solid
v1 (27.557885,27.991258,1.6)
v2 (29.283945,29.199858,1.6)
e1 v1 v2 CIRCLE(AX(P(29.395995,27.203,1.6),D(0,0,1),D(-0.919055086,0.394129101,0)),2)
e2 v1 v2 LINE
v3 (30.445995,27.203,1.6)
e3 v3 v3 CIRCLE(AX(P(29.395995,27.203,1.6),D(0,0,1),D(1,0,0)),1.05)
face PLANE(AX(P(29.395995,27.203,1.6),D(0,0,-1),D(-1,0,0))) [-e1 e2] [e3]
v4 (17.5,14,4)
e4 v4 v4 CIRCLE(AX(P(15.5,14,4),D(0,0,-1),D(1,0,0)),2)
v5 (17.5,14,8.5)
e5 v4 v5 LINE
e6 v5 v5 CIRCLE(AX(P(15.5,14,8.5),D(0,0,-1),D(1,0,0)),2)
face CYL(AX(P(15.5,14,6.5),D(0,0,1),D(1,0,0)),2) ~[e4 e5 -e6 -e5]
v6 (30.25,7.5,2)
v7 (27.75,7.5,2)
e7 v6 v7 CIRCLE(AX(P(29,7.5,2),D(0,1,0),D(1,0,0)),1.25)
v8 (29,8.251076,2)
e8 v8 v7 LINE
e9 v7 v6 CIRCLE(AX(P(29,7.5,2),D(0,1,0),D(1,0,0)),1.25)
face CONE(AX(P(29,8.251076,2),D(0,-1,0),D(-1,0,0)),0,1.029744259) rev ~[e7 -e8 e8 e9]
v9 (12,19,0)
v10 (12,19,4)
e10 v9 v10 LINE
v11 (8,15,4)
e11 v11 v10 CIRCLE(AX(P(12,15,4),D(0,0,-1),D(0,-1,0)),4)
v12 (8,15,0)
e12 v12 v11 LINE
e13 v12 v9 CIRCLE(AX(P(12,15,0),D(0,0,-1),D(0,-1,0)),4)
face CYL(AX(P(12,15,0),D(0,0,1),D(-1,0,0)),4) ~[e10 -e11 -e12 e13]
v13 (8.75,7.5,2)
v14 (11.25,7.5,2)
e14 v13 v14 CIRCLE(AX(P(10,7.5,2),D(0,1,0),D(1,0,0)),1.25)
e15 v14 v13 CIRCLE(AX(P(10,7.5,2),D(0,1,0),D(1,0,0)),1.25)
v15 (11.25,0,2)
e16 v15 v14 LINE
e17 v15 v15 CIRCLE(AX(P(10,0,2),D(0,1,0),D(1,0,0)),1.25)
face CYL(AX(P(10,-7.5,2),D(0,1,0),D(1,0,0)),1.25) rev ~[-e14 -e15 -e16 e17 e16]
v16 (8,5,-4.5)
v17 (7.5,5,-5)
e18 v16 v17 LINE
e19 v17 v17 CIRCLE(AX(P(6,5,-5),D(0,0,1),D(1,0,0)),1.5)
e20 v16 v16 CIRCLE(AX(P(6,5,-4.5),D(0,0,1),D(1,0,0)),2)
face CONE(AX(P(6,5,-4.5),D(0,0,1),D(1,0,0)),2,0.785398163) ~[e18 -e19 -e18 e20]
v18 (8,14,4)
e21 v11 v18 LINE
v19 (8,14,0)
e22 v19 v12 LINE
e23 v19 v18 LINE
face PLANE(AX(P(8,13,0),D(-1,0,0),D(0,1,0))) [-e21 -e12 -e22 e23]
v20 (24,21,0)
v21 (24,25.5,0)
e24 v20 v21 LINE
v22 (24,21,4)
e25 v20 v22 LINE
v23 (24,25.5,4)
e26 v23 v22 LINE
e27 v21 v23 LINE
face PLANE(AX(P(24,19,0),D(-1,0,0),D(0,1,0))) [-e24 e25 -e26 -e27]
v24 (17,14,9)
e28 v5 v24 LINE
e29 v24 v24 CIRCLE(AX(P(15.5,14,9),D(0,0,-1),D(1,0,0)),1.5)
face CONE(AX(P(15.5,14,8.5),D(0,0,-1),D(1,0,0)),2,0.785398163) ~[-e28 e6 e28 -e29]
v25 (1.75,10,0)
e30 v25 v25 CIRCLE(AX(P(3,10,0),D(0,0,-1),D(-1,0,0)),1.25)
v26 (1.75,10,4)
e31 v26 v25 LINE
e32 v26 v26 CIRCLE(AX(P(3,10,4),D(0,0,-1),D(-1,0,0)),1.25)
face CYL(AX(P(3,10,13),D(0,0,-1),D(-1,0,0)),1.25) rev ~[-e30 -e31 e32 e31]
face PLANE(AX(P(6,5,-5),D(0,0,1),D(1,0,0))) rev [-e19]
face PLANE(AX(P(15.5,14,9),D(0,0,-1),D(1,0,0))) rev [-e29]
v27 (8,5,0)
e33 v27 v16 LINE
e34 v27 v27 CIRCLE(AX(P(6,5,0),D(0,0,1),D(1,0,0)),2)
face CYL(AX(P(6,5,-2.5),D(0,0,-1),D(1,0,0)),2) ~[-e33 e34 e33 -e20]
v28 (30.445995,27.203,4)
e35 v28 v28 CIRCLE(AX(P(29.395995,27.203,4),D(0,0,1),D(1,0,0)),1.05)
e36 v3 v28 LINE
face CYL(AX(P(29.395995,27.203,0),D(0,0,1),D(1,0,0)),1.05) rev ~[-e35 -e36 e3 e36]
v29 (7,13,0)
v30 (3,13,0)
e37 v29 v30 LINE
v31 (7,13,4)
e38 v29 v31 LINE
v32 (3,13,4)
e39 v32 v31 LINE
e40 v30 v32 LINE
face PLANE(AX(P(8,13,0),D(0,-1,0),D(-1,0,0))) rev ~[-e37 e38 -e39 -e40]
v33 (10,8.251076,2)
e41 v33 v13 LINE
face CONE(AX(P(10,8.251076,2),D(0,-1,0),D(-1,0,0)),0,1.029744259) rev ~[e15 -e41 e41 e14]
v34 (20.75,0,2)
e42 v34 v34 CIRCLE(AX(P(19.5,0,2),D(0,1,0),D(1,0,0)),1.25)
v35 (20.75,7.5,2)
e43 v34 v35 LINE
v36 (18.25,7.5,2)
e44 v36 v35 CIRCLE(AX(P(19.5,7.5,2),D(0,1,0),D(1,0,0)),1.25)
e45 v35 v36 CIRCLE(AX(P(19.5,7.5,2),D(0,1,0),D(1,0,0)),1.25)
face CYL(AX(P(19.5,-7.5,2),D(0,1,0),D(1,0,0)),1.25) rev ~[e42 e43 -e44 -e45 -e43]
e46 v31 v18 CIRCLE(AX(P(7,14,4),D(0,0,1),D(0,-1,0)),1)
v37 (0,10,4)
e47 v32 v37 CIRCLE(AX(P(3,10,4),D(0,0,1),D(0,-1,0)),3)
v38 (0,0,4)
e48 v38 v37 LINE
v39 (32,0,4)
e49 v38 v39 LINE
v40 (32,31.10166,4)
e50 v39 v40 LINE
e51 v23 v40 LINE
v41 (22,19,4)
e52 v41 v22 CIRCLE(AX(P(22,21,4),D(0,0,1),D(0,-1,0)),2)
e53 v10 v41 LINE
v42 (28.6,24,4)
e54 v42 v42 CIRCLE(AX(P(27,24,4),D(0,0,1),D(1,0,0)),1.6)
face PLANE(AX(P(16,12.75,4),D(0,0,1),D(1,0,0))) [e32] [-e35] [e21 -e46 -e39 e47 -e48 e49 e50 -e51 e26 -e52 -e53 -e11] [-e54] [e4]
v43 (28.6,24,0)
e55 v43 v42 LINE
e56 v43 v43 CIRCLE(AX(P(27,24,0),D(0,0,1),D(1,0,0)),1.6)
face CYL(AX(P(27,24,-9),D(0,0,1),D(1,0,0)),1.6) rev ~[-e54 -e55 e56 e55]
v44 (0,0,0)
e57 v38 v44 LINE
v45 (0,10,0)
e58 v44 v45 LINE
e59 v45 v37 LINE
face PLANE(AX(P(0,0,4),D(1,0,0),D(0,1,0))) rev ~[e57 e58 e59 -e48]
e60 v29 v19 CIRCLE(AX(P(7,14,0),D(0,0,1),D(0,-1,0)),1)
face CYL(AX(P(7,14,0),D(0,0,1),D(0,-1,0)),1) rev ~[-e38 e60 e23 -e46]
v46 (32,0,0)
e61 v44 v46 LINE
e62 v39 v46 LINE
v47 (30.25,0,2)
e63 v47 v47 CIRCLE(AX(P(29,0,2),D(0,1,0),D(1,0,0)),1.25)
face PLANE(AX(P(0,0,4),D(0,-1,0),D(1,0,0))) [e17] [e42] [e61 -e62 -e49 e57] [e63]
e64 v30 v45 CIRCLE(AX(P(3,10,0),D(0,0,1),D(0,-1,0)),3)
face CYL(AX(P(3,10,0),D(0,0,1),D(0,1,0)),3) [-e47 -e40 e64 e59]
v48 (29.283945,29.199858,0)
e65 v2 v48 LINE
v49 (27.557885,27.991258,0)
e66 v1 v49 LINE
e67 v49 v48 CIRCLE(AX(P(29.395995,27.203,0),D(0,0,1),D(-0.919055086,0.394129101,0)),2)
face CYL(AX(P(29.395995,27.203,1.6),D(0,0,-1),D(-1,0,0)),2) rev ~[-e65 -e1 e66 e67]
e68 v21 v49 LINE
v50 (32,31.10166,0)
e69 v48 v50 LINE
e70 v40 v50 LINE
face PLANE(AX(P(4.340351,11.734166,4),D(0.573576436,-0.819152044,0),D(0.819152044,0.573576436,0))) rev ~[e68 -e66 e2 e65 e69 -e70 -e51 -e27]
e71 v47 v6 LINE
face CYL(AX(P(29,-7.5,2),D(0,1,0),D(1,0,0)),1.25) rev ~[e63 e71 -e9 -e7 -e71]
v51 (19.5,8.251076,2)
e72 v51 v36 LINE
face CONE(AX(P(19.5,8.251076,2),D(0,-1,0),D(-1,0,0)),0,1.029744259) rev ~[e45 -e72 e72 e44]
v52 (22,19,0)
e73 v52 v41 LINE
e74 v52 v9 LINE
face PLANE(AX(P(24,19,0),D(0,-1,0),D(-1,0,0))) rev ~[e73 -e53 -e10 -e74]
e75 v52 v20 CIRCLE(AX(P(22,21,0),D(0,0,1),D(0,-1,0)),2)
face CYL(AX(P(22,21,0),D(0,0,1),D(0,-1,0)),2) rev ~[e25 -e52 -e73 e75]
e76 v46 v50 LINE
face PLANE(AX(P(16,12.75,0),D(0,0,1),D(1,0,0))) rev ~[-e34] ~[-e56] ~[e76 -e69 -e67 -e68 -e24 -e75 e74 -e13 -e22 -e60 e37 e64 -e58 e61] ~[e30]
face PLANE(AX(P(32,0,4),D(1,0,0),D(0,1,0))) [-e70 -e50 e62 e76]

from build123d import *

# Parameters (mm, degrees)
SKETCH1_W                       = 32
SKETCH1_H                       = 25.5
BOSS_EXTRUDE1_DEPTH             = 4
SKETCH2_W                       = 8
SKETCH2_H                       = 12.5
CUT_EXTRUDE1_DEPTH              = 5
SKETCH3_W                       = 16
SKETCH3_H                       = 6.5
CUT_EXTRUDE2_DEPTH              = 5
DRAFT1_ANGLE                    = 35.000000002
SKETCH4_W                       = 2
SKETCH4_H                       = 5
SKETCH5_W                       = 2
SKETCH5_H                       = 5
F_2_5_2_5_DIAMETER_HOLE1_D      = 2.5
F_2_5_2_5_DIAMETER_HOLE1_DEPTH  = 9
F_3_2_3_2_DIAMETER_HOLE1_D      = 3.2
F_3_2_3_2_DIAMETER_HOLE1_DEPTH  = 9
M4X0_7_TAPPED_HOLE1_D           = 2.1
M4X0_7_TAPPED_HOLE1_DEPTH       = 9
M4X0_7_TAPPED_HOLE1_CBORE_D     = 4
M4X0_7_TAPPED_HOLE1_CBORE_DEPTH = 1.6
F_2_5_2_5_DIAMETER_HOLE2_D      = 2.5
F_2_5_2_5_DIAMETER_HOLE2_DEPTH  = 7.5
F_2_5_2_5_DIAMETER_HOLE2_TIP    = 0.751075774
CHAMFER1_SIZE                   = 0.5
FILLET1_R                       = 1
FILLET2_R                       = 2
FILLET3_R                       = 3
FILLET4_R                       = 4


with BuildPart() as part:
    # Sketch1 → Boss-Extrude1 (new body)
    with BuildSketch(Plane.XY.offset(4)):
        with Locations((16, 12.75)):
            Rectangle(SKETCH1_W, SKETCH1_H)
    extrude(amount=-BOSS_EXTRUDE1_DEPTH)

    # Sketch2 → Cut-Extrude1 (cut, through all)
    with BuildSketch(Plane(origin=(0, 0, 0), x_dir=(-1, 0, 0), z_dir=(0, 0, -1))):
        with Locations((-4, 19.25)):
            Rectangle(SKETCH2_W, SKETCH2_H)
    extrude(amount=-CUT_EXTRUDE1_DEPTH, mode=Mode.SUBTRACT)

    # Sketch3 → Cut-Extrude2 (cut, through all)
    with BuildSketch(Plane(origin=(0, 0, 0), x_dir=(-1, 0, 0), z_dir=(0, 0, -1))):
        with Locations((-16, 22.25)):
            Rectangle(SKETCH3_W, SKETCH3_H)
    extrude(amount=-CUT_EXTRUDE2_DEPTH, mode=Mode.SUBTRACT)

    # Draft1
    draft1_faces = [part.faces().sort_by_distance(p)[0] for p in [
        (28, 25.5, 2),
    ]]
    draft(draft1_faces, Plane(origin=(24, 25.5, 4), x_dir=(0, 0, -1), z_dir=(-1, 0, 0)), DRAFT1_ANGLE)

    # Sketch4 → Revolve1 (revolve)
    with BuildSketch(Plane(origin=(0, 5, 0), x_dir=(1, 0, 0), z_dir=(0, 1, 0))):
        with Locations((7, 2.5)):
            Rectangle(SKETCH4_W, SKETCH4_H)
    revolve(axis=Axis((6, 5, -5), (0, 0, 1)))

    # Sketch5 → Revolve2 (revolve)
    with BuildSketch(Plane.XZ.offset(-14)):
        with Locations((16.5, 6.5)):
            Rectangle(SKETCH5_W, SKETCH5_H)
    revolve(axis=Axis((15.5, 14, 9), (0, 0, -1)))

    # Ø2.5 (2.5) Diameter Hole1
    with Locations(Plane.XY.offset(4)):
        with Locations((3, 10)):
            Hole(F_2_5_2_5_DIAMETER_HOLE1_D / 2, depth=F_2_5_2_5_DIAMETER_HOLE1_DEPTH)

    # Ø3.2 (3.2) Diameter Hole1
    with Locations(Plane(origin=(0, 0, 0), x_dir=(-1, 0, 0), z_dir=(0, 0, -1))):
        with Locations((-27, 24)):
            Hole(F_3_2_3_2_DIAMETER_HOLE1_D / 2, depth=F_3_2_3_2_DIAMETER_HOLE1_DEPTH)

    # M4x0.7 Tapped Hole1
    with Locations(Plane(origin=(0, 0, 0), x_dir=(-1, 0, 0), z_dir=(0, 0, -1))):
        with Locations((-29.395995182, 27.202999702)):
            CounterBoreHole(M4X0_7_TAPPED_HOLE1_D / 2, M4X0_7_TAPPED_HOLE1_CBORE_D / 2, M4X0_7_TAPPED_HOLE1_CBORE_DEPTH, depth=M4X0_7_TAPPED_HOLE1_DEPTH)

    # Ø2.5 (2.5) Diameter Hole2
    with Locations(Plane(origin=(0, 0, 0), x_dir=(-1, 0, 0), z_dir=(0, -1, 0))):
        with Locations((-10, -2), (-19.5, -2), (-29, -2)):
            Hole(F_2_5_2_5_DIAMETER_HOLE2_D / 2, depth=F_2_5_2_5_DIAMETER_HOLE2_DEPTH)
            with Locations((0, 0, -(F_2_5_2_5_DIAMETER_HOLE2_DEPTH + F_2_5_2_5_DIAMETER_HOLE2_TIP / 2))):  # 118° drill point
                Cone(0, F_2_5_2_5_DIAMETER_HOLE2_D / 2, F_2_5_2_5_DIAMETER_HOLE2_TIP, mode=Mode.SUBTRACT)

    # Chamfer1
    chamfer1_edges = [part.edges().sort_by_distance(p)[0] for p in [
        (4, 5, -5),
        (13.5, 14, 9),
    ]]
    chamfer(chamfer1_edges, length=CHAMFER1_SIZE)

    # Fillet1
    fillet1_edges = [part.edges().sort_by_distance(p)[0] for p in [
        (8, 13, 2),
    ]]
    fillet(fillet1_edges, radius=FILLET1_R)

    # Fillet2
    fillet2_edges = [part.edges().sort_by_distance(p)[0] for p in [
        (24, 19, 2),
    ]]
    fillet(fillet2_edges, radius=FILLET2_R)

    # Fillet3
    fillet3_edges = [part.edges().sort_by_distance(p)[0] for p in [
        (0, 13, 2),
    ]]
    fillet(fillet3_edges, radius=FILLET3_R)

    # Fillet4
    fillet4_edges = [part.edges().sort_by_distance(p)[0] for p in [
        (8, 19, 2),
    ]]
    fillet(fillet4_edges, radius=FILLET4_R)


solid = part.part
